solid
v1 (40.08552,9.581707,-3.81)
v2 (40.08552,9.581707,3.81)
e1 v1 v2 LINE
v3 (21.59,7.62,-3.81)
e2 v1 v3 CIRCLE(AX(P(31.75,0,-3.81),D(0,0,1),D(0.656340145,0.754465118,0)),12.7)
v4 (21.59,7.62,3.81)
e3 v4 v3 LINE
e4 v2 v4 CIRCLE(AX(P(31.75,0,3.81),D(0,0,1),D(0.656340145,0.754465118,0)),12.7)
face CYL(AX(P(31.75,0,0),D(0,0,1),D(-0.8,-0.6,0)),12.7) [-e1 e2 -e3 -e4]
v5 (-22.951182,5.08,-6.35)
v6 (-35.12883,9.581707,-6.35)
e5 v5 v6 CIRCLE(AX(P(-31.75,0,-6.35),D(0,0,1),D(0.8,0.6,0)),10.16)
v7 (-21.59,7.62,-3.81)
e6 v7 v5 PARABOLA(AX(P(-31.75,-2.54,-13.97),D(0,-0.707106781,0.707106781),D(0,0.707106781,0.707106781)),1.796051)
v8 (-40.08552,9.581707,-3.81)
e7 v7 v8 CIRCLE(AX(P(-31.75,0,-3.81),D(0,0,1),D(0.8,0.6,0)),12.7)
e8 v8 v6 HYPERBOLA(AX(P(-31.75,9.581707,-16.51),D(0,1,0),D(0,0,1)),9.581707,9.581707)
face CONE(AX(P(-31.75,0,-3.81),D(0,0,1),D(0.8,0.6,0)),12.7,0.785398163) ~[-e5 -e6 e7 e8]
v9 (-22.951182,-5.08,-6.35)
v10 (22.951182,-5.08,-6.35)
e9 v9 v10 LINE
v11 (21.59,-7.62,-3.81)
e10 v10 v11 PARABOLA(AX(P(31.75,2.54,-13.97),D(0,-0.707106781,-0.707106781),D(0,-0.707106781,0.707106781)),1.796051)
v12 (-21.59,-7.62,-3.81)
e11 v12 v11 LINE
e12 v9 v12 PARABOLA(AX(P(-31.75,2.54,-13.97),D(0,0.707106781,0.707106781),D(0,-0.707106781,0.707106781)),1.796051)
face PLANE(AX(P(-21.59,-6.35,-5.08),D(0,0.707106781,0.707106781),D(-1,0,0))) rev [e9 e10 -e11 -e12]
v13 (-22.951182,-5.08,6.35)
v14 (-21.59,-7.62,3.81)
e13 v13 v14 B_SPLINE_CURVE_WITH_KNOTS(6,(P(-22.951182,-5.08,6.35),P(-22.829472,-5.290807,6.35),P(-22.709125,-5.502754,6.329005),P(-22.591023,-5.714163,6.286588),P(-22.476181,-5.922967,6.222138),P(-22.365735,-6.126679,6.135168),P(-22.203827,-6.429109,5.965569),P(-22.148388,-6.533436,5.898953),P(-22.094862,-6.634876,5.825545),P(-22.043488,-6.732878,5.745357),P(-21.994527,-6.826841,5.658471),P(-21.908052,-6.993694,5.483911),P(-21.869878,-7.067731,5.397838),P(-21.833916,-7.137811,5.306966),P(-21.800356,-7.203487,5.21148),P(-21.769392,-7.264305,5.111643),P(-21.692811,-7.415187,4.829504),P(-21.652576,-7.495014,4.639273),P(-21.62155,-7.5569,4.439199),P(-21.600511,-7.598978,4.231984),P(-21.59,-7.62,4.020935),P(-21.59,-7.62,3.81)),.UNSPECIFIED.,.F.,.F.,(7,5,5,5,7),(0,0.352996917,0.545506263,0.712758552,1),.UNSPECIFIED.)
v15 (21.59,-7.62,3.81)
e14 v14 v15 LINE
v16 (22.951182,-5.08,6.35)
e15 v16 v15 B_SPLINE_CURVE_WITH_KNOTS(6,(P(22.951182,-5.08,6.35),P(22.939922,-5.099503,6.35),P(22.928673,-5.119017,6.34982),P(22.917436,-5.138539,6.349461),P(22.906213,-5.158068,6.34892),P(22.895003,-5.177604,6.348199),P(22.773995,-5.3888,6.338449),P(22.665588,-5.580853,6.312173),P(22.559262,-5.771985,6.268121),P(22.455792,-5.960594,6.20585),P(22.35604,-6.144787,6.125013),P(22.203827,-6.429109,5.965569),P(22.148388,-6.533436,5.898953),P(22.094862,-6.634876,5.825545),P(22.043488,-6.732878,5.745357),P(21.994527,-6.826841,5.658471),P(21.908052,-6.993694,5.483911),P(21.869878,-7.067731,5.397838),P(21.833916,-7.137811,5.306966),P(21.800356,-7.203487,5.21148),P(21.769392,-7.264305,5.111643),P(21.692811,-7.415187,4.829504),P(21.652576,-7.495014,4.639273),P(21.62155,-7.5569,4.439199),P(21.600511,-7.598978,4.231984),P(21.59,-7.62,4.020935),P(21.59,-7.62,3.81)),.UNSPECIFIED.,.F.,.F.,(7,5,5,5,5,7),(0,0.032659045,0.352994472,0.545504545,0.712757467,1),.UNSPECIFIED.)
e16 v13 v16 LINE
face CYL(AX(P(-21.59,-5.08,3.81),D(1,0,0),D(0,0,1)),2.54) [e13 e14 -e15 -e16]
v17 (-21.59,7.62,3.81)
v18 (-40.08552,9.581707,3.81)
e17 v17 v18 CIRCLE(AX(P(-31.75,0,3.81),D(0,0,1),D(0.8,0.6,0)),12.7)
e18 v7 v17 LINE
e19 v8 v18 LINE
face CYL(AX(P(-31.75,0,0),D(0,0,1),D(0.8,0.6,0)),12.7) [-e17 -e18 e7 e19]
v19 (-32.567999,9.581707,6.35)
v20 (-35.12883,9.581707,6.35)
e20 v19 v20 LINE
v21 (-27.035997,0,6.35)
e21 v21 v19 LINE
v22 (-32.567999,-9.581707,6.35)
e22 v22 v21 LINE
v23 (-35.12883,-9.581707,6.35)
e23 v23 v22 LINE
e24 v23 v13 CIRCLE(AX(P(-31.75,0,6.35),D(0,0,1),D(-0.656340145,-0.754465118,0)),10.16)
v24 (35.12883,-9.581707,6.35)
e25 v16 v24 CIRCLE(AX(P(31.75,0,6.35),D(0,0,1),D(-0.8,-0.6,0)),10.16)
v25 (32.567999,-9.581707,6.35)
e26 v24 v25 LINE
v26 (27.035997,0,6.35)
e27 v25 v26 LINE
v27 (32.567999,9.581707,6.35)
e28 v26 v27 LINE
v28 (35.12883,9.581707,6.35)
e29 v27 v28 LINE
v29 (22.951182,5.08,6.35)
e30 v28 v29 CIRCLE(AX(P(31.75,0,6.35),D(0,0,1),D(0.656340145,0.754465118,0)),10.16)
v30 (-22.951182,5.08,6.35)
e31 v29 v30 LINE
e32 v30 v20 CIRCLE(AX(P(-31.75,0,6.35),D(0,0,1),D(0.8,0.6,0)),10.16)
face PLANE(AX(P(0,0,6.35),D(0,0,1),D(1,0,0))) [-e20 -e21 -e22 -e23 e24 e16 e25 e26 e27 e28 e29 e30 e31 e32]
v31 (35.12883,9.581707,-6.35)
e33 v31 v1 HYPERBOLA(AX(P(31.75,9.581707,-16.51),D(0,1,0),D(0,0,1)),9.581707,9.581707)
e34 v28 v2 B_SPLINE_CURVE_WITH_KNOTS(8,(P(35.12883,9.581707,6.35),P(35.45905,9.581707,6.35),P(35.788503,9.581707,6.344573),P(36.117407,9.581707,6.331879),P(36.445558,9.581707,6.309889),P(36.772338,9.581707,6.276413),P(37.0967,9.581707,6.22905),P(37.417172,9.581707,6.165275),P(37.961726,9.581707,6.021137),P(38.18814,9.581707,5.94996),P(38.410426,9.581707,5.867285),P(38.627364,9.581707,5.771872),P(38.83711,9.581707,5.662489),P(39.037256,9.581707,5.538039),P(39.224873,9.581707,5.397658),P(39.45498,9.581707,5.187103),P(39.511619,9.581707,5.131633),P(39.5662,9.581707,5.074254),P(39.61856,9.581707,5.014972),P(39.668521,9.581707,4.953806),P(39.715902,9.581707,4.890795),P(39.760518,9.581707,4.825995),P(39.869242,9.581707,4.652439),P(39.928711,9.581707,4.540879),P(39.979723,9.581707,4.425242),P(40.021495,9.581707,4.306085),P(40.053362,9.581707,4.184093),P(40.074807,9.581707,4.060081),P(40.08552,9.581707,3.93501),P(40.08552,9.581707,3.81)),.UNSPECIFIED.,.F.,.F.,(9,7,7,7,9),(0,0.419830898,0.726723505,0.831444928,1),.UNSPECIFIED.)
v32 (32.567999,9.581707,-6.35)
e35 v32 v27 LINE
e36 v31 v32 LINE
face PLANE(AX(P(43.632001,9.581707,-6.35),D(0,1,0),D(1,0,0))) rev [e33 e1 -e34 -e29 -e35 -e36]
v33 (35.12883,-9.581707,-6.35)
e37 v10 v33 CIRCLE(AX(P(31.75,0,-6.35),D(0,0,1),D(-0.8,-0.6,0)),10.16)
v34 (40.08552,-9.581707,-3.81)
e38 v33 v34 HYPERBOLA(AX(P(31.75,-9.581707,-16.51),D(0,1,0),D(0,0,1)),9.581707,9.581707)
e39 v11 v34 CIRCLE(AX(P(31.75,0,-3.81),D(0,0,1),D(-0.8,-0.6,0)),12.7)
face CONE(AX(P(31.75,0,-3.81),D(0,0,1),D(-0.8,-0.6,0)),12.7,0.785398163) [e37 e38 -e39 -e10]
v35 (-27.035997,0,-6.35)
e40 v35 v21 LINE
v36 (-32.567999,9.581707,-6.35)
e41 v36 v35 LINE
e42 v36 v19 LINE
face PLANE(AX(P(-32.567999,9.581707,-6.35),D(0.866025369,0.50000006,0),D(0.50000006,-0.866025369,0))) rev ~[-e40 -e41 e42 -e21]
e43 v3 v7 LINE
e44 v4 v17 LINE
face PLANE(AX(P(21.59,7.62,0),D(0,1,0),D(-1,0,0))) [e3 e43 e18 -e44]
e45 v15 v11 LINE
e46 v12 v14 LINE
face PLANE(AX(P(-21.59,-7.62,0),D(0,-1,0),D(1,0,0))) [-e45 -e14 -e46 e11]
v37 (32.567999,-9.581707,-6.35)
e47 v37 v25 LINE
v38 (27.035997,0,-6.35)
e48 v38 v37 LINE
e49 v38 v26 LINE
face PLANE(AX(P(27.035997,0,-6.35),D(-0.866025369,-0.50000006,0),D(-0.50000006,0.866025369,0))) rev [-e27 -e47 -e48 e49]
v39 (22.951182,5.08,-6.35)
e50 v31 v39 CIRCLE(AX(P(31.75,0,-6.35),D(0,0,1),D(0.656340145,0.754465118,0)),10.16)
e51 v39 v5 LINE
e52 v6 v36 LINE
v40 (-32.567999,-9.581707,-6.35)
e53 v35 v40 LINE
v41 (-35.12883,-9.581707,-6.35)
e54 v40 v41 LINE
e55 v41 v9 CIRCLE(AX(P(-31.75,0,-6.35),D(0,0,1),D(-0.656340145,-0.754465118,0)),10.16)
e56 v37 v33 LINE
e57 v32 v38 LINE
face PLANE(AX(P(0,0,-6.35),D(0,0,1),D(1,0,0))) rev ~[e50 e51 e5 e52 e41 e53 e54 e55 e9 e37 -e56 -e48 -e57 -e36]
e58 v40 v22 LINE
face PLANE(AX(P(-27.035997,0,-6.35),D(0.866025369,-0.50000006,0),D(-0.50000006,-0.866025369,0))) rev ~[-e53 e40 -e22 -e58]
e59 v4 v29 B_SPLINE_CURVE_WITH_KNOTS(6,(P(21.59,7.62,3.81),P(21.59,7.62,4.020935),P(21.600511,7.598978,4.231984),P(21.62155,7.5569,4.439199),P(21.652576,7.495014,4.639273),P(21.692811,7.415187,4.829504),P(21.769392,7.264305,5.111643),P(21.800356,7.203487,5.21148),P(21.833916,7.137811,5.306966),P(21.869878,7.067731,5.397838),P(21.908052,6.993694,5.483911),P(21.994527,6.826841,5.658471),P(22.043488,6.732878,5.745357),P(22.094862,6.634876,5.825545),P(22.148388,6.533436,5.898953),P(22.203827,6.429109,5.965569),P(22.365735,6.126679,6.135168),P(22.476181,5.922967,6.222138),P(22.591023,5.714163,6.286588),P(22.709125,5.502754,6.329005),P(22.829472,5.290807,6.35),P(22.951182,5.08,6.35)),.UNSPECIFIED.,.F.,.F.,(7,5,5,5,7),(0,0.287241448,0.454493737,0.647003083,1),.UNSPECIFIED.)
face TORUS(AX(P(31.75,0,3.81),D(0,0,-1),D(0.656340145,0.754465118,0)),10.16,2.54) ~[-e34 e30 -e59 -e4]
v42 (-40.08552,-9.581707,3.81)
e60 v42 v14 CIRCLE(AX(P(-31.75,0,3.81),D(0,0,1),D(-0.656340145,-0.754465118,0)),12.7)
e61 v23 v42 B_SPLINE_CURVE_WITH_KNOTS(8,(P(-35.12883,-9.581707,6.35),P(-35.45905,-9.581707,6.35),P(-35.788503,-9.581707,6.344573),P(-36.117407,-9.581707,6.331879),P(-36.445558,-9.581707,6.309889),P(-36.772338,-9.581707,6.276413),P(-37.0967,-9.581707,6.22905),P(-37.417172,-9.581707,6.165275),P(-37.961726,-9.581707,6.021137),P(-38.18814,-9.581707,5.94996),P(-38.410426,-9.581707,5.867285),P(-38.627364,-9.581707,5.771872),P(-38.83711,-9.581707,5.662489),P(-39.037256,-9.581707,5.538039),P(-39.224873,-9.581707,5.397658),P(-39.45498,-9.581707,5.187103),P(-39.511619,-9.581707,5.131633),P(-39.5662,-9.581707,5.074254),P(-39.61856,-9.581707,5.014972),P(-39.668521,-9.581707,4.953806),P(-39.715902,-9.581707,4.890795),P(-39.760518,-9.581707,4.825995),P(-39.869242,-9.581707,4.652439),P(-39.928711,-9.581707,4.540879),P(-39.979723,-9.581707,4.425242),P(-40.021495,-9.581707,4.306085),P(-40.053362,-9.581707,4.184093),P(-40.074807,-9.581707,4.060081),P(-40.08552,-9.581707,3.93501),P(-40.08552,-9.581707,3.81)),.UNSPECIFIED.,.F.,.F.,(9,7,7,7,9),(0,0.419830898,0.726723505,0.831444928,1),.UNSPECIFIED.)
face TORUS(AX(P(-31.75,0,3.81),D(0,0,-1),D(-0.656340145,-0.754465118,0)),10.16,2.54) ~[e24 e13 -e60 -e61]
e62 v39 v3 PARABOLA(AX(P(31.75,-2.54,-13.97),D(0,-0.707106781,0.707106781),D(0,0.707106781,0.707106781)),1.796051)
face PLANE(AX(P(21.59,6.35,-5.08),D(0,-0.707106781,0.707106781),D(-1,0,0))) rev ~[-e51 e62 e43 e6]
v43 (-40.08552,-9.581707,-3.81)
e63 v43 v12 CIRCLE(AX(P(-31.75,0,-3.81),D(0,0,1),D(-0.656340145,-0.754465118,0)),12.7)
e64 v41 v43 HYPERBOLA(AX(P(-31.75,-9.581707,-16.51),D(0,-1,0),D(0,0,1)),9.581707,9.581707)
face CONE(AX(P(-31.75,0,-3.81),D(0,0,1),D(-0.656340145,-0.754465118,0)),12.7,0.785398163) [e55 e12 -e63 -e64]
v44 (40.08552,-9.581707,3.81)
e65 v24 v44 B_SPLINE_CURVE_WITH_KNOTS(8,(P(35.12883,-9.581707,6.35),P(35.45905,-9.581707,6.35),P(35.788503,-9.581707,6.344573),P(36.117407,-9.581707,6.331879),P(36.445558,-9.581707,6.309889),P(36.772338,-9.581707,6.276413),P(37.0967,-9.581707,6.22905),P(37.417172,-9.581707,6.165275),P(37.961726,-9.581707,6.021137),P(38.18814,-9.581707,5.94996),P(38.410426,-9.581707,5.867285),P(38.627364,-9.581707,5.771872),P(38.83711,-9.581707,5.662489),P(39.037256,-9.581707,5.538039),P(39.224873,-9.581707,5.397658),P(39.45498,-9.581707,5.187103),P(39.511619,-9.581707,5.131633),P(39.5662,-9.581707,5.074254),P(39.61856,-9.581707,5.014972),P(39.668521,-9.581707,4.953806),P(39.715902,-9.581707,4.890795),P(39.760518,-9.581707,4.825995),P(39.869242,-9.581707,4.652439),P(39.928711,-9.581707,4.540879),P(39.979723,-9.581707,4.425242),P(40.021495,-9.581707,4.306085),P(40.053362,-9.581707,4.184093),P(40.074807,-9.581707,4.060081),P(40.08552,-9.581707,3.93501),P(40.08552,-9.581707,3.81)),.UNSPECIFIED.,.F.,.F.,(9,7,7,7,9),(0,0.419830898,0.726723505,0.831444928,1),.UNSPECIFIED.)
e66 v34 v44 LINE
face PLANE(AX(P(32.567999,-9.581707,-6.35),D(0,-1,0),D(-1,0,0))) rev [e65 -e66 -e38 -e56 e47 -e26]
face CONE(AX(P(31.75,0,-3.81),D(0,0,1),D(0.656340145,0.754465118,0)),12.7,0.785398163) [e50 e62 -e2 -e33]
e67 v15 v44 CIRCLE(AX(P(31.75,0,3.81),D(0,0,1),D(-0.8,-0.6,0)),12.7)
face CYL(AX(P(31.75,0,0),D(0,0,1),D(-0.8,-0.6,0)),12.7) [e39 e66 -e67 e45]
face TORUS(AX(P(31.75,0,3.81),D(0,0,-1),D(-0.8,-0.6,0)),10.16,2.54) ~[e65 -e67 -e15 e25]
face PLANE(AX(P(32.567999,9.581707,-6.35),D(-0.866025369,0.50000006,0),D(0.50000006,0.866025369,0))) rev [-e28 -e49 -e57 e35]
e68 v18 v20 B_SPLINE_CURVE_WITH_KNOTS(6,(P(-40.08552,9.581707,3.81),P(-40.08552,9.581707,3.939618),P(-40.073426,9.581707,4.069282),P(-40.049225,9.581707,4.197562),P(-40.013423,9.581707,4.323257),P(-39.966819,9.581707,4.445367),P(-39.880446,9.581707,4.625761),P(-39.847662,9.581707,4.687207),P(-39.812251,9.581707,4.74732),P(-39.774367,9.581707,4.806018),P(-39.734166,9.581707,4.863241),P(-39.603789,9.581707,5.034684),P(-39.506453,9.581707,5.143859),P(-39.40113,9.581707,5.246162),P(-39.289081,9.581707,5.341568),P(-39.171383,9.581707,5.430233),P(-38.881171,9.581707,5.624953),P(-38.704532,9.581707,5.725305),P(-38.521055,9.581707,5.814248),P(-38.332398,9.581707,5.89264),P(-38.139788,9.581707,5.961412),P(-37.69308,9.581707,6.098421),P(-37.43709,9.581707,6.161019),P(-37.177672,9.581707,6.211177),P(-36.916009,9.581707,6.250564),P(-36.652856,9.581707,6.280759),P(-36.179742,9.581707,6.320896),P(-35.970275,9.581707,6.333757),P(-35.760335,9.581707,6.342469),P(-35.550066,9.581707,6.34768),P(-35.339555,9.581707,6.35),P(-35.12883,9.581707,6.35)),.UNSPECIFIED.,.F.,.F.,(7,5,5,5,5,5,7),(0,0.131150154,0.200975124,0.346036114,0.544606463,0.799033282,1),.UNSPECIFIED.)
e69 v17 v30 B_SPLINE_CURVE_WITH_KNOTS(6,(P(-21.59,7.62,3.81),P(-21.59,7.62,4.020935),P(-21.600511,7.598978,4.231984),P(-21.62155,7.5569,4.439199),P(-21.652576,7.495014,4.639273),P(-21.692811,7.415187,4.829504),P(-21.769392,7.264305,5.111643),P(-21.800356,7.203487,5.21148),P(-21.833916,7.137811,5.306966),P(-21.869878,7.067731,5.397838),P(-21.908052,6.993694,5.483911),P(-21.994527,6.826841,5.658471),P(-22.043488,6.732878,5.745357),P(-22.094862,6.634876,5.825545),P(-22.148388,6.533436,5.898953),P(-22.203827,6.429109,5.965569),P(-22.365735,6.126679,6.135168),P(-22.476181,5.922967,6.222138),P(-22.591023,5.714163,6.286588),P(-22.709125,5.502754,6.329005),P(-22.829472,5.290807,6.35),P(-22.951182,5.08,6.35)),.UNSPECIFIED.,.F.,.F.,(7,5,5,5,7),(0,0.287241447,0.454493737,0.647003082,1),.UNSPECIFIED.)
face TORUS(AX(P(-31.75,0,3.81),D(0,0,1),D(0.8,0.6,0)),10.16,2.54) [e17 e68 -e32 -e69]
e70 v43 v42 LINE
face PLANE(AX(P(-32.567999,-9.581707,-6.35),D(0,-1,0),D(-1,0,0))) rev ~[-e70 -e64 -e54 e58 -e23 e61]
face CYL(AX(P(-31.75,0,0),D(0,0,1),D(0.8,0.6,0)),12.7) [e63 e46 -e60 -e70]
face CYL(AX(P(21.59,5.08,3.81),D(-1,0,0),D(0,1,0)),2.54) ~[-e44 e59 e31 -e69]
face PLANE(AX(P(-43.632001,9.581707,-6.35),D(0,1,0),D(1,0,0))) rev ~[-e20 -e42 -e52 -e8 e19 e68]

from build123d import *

# Parameters (mm, degrees)
F1_DEPTH = 6.35
F3_DEPTH = 12.701
F6_R     = 2.54
F7_SIZE  = 2.54


with BuildPart() as f1:
    # F0 (on Top) → F1 (new body, symmetric)
    with BuildSketch(Plane.XY):
        with BuildLine():
            Line((21.59, 7.62), (-21.59, 7.62))
            ThreePointArc((-21.59, 7.62), (-44.45, 0), (-21.59, -7.62))
            Line((-21.59, -7.62), (21.59, -7.62))
            ThreePointArc((21.59, -7.62), (44.45, 0), (21.59, 7.62))
        make_face()
    extrude(amount=F1_DEPTH, both=True)

    # F4: F3 across plane


with BuildPart() as f3:
    # F2 (on face) → F3 (new body, through all)
    with BuildSketch(Plane(origin=(0, 0, -6.35), x_dir=(1, 0, 0), z_dir=(0, 0, -1))):
        Polygon((-43.632001, 9.581707), (-49.164003, 0), (-43.632001, -9.581707), (-32.567999, -9.581707), (-27.035997, 0), (-32.567999, 9.581707), align=None)
    extrude(amount=-F3_DEPTH)


with BuildPart() as f1_1:
    add(f1.part)
    add(f3.part.mirror(Plane.YZ), mode=Mode.SUBTRACT)

    # F5: cut F3
    add(f3.part, mode=Mode.SUBTRACT)

    # F6
    f6_edges = [f1_1.edges().sort_by_distance(p)[0] for p in [
        (0, -7.62, 6.35),
        (-30.410502, 12.629162, 6.35),
        (-30.410502, -12.629162, 6.35),
        (0, 7.62, 6.35),
        (30.410502, -12.629162, 6.35),
        (30.410502, 12.629162, 6.35),
    ]]
    fillet(f6_edges, radius=F6_R)

    # F7
    f7_edges = [f1_1.edges().sort_by_distance(p)[0] for p in [
        (30.410502, -12.629162, -6.35),
        (30.410502, 12.629162, -6.35),
        (0, -7.62, -6.35),
        (0, 7.62, -6.35),
        (-30.410502, 12.629162, -6.35),
        (-30.410502, -12.629162, -6.35),
    ]]
    chamfer(f7_edges, length=F7_SIZE)


solid = f1_1.part
